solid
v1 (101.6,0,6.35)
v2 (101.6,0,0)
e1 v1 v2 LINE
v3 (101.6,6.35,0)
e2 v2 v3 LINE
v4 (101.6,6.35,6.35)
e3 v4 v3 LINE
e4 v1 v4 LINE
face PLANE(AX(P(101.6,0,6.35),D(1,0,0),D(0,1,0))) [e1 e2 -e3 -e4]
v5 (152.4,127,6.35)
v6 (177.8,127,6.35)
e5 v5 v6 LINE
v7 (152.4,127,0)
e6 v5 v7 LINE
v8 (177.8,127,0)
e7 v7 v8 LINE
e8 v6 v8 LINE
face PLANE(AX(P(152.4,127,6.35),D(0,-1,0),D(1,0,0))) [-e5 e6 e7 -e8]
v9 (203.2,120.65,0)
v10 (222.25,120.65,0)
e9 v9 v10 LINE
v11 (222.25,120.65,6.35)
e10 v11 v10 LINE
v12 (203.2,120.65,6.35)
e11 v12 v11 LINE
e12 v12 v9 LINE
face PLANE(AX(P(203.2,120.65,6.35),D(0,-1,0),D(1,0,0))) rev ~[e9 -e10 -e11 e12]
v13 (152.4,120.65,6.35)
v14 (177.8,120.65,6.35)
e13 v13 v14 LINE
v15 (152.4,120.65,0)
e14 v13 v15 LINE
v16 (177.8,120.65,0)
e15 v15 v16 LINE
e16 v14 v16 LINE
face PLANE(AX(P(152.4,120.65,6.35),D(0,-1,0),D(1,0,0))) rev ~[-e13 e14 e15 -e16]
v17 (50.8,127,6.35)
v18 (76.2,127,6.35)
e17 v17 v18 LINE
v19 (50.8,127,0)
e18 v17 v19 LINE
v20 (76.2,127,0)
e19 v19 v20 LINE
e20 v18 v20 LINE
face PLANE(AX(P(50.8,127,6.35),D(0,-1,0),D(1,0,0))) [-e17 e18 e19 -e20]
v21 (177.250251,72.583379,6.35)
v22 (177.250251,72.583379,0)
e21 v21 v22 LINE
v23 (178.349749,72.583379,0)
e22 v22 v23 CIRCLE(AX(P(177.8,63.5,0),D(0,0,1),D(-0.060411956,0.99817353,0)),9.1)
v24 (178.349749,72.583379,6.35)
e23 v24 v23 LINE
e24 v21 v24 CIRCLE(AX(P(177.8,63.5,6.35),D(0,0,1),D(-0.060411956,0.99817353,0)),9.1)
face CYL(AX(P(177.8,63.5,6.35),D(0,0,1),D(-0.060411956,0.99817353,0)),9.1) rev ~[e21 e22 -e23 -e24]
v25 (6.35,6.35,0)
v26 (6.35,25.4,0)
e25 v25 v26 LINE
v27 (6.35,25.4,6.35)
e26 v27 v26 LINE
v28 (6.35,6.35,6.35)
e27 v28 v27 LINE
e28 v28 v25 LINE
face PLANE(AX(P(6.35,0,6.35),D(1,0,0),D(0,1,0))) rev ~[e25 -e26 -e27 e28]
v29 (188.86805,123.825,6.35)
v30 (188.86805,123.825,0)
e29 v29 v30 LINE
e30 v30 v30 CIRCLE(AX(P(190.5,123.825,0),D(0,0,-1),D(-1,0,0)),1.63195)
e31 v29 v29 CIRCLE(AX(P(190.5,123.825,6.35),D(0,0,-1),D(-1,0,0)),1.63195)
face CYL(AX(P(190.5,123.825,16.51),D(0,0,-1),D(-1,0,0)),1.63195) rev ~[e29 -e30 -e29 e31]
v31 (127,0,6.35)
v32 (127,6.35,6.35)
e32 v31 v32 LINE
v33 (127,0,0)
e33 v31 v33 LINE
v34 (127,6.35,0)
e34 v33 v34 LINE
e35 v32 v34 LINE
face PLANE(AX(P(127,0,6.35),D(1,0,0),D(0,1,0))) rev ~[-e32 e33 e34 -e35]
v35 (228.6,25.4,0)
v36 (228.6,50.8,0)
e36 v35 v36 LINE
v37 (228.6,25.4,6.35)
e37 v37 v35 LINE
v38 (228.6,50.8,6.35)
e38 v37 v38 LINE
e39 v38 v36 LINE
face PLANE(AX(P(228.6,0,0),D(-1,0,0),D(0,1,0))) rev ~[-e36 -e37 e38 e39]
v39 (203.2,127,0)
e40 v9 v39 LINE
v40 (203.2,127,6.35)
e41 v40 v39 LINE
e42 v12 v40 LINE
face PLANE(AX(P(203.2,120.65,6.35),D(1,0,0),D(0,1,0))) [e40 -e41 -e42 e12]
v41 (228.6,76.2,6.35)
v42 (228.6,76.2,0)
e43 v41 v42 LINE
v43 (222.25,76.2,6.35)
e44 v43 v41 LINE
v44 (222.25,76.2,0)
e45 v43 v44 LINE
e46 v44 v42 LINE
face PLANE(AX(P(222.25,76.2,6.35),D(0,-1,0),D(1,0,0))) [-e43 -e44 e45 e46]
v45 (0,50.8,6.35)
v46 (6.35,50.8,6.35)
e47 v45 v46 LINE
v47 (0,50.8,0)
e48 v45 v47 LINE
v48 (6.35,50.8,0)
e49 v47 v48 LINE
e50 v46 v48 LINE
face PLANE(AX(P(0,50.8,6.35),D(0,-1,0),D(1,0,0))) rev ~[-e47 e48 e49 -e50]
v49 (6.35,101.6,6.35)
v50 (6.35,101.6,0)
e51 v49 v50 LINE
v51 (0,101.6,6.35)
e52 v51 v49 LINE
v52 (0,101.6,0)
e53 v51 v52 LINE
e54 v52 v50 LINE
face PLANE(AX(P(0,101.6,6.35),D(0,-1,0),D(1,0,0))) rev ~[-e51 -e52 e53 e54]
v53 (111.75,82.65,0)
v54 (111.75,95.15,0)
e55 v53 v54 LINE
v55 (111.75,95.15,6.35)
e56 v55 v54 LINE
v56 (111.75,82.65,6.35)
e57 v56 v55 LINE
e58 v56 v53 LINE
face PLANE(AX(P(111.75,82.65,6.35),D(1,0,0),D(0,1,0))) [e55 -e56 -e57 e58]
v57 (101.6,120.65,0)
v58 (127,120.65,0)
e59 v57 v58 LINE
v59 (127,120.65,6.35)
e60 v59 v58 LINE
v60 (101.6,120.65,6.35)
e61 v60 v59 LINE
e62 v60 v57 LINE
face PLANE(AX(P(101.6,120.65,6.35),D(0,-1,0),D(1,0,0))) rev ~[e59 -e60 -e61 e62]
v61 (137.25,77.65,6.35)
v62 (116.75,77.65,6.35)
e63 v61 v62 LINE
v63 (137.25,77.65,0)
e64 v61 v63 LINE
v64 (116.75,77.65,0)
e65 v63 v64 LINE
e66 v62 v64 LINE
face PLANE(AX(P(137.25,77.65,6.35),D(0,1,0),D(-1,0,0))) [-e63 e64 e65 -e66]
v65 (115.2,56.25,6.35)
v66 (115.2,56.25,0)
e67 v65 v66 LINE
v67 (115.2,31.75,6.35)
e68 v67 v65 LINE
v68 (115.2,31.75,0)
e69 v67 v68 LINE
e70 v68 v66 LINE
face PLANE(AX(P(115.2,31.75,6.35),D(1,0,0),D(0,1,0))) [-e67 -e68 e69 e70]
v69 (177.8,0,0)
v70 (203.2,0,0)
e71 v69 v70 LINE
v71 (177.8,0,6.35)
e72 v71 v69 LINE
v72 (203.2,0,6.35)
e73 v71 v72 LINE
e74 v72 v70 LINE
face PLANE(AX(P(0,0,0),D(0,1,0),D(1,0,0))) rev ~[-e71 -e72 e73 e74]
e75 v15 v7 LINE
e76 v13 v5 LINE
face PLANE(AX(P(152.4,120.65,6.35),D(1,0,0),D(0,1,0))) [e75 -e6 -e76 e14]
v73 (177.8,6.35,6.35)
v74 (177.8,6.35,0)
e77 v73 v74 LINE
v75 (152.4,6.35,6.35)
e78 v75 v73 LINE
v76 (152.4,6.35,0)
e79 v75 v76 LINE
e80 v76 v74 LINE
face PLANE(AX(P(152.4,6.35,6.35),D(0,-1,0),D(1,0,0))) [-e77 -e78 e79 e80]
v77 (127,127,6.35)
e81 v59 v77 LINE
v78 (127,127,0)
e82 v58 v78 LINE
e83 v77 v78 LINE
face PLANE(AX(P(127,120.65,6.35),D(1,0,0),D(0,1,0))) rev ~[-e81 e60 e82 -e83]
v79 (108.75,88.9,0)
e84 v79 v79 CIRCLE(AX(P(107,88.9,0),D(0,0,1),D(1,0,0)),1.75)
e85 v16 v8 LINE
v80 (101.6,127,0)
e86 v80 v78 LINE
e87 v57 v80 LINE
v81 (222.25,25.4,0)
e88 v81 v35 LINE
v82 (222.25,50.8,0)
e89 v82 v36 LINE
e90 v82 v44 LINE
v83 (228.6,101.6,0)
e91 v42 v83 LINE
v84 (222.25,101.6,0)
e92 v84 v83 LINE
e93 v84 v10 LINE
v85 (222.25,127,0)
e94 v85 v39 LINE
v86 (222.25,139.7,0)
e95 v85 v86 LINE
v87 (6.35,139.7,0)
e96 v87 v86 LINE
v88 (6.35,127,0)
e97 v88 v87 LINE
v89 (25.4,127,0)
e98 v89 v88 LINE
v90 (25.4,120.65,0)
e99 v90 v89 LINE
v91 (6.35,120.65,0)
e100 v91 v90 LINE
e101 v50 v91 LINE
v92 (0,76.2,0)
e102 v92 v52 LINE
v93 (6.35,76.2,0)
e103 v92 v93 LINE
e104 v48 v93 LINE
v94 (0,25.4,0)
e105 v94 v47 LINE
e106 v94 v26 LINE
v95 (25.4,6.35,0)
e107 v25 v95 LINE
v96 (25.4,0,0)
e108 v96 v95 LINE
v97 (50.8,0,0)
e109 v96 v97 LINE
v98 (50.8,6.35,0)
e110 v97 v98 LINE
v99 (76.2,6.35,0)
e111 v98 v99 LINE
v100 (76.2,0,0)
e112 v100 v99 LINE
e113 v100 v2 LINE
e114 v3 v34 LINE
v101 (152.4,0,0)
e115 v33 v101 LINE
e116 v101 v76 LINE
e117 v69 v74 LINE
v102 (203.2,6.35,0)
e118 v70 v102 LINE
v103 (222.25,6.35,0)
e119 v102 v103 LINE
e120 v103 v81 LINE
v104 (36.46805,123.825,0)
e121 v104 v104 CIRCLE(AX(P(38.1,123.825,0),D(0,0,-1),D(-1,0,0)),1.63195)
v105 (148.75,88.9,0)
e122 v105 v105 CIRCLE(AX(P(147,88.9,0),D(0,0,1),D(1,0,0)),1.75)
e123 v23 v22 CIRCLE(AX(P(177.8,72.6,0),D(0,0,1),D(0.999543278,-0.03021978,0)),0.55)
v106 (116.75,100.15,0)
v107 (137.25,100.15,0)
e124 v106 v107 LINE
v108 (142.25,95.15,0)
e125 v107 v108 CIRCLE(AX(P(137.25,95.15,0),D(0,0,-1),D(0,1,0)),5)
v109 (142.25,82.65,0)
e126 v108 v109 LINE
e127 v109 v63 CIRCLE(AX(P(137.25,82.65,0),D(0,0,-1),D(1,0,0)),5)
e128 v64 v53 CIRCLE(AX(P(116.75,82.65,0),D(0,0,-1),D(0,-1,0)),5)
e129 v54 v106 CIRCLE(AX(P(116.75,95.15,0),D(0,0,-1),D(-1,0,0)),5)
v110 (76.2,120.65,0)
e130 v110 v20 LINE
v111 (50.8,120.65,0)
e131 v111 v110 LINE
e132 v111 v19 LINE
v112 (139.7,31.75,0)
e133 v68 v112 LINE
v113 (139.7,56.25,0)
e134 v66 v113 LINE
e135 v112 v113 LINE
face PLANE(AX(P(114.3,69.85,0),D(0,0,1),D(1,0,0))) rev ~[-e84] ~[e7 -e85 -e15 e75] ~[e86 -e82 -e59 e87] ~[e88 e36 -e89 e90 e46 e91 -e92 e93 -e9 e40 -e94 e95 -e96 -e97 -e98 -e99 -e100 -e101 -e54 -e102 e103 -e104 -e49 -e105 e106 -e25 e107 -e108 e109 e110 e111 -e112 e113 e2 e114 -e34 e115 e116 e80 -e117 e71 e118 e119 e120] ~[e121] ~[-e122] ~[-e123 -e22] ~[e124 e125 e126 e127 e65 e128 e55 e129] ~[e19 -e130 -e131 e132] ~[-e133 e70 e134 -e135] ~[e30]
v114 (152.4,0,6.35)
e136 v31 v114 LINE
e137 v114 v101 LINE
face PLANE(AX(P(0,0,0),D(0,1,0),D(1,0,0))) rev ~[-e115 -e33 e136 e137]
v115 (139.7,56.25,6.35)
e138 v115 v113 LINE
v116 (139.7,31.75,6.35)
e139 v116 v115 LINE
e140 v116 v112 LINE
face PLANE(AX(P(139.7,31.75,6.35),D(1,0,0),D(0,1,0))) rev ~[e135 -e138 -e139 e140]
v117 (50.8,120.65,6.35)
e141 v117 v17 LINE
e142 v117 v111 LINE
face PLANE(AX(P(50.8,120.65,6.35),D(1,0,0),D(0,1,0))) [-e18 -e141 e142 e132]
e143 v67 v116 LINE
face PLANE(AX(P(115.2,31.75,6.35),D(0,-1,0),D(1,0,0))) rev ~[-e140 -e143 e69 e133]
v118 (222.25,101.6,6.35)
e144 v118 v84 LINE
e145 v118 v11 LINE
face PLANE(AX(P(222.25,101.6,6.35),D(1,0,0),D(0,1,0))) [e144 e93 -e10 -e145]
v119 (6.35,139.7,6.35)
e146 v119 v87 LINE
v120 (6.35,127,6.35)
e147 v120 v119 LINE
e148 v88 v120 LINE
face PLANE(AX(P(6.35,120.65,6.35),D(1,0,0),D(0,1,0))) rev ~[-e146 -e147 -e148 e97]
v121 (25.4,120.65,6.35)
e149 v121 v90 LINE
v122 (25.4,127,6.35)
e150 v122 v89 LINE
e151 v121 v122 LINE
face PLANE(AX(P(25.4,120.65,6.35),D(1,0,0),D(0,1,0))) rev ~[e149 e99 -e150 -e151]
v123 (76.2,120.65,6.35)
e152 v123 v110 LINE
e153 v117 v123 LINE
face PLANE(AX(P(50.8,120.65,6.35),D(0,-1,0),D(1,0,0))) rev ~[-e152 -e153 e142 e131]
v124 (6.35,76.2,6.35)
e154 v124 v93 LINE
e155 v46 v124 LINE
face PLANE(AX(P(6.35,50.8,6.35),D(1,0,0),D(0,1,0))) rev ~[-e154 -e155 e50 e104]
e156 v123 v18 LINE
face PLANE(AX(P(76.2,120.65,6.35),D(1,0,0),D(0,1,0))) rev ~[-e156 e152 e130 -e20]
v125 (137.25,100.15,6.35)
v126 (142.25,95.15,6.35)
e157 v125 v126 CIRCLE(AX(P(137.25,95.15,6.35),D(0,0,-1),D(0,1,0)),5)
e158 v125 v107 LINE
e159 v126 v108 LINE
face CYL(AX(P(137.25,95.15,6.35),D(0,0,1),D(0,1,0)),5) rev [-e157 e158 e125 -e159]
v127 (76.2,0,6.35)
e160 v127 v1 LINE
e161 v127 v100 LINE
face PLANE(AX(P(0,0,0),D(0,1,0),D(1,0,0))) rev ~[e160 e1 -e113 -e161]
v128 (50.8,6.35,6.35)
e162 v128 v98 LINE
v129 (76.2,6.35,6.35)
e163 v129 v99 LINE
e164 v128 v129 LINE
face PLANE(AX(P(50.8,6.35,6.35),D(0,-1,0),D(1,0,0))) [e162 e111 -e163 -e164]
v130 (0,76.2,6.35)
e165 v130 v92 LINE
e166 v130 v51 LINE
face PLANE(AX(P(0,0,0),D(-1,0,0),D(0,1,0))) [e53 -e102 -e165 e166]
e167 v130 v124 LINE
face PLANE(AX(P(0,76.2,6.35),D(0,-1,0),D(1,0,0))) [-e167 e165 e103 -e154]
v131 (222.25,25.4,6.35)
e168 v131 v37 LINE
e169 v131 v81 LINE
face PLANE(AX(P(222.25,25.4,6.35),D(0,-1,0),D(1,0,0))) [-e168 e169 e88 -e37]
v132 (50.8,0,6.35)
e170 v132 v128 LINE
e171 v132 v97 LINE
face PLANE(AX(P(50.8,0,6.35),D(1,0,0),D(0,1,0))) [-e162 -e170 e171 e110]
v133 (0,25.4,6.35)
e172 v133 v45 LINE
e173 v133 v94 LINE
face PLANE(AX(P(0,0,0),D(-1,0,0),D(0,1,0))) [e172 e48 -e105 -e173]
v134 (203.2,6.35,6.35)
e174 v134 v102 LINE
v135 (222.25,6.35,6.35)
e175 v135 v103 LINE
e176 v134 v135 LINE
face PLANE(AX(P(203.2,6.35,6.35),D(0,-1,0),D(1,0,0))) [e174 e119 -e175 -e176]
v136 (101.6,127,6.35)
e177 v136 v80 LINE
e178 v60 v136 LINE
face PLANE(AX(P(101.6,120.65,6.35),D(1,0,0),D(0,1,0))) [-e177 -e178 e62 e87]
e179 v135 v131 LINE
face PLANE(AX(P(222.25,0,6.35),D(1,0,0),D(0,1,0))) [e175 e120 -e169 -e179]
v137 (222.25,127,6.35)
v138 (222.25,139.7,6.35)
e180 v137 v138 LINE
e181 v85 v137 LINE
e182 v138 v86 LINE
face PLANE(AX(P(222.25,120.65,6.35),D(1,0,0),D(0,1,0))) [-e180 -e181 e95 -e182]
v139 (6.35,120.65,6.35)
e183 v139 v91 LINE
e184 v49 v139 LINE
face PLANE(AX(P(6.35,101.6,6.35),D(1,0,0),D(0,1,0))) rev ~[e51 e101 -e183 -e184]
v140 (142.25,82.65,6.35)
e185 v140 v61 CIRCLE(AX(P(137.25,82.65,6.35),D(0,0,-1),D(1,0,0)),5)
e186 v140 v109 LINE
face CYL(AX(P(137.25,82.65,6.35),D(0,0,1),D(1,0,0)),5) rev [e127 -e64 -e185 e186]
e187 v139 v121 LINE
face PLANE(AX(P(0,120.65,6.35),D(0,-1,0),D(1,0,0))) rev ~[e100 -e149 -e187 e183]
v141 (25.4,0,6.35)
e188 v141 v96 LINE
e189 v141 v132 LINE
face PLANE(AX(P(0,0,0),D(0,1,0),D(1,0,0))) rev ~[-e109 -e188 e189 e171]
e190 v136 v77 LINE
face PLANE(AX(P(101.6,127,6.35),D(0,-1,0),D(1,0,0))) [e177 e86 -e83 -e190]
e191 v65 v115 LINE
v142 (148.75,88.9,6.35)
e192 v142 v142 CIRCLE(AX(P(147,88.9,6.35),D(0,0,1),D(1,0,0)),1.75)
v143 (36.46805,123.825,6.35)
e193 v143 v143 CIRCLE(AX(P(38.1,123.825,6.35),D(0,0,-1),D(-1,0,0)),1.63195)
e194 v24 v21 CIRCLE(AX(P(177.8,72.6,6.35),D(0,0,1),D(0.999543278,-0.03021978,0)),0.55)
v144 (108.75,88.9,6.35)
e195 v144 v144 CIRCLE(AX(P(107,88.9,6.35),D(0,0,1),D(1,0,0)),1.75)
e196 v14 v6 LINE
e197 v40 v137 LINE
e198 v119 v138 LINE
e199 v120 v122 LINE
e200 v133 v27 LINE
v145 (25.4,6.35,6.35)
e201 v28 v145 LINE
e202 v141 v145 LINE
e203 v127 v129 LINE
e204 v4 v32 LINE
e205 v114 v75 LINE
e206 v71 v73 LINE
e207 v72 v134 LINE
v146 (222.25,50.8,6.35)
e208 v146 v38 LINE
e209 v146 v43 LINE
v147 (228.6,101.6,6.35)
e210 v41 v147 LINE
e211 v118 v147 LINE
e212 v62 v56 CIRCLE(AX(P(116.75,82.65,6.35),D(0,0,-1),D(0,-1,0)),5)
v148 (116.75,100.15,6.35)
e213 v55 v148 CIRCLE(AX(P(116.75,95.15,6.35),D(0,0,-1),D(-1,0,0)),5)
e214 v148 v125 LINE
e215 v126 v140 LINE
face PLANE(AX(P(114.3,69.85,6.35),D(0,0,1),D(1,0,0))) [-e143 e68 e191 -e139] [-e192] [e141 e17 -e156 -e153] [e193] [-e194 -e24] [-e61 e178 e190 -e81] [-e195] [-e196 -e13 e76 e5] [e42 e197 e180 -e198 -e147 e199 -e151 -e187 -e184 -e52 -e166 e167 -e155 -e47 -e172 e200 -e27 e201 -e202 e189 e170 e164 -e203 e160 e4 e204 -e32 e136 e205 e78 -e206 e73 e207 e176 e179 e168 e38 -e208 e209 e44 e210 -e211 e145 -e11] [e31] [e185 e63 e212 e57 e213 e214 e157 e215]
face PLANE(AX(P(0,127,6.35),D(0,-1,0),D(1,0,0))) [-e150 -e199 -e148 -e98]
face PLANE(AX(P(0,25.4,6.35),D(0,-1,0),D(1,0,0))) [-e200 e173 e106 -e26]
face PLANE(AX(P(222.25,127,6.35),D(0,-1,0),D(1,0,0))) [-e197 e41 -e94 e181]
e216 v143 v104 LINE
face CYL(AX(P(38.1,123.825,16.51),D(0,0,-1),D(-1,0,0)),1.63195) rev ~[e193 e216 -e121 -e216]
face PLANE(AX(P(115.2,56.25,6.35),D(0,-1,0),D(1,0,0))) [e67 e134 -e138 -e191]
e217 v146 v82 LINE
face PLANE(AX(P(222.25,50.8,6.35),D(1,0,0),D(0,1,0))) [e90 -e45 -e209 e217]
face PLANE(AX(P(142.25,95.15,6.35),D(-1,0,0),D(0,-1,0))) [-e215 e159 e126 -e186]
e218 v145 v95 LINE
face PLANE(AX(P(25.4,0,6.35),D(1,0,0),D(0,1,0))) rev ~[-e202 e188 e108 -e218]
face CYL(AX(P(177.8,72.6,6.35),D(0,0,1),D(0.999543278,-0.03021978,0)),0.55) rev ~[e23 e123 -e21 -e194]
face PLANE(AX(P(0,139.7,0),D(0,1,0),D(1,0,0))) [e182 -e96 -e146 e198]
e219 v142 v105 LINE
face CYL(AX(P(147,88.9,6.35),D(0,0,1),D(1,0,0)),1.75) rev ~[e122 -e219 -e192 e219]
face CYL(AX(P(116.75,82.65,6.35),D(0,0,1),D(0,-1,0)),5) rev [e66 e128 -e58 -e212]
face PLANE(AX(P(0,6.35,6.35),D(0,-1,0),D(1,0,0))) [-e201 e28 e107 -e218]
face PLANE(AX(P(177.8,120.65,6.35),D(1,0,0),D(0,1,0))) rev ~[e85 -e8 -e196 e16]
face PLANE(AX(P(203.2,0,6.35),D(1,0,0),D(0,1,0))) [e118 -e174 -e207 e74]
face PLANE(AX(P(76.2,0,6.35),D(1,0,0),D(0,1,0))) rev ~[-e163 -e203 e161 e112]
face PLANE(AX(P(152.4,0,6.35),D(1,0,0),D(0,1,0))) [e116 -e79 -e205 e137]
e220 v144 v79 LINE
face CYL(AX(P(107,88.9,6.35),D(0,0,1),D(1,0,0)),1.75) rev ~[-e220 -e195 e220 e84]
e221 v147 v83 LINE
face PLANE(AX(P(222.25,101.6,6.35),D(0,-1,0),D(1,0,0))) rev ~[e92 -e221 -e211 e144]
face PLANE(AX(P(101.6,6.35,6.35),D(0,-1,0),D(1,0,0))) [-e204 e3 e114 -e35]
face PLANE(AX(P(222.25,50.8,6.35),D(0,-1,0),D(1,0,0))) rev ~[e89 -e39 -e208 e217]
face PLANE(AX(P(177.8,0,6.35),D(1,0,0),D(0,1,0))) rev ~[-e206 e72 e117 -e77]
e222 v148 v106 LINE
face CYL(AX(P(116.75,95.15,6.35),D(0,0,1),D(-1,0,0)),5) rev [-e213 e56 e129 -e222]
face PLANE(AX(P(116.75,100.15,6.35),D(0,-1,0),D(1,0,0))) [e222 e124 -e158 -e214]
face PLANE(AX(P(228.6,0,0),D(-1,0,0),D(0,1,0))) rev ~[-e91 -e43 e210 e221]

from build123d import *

# Parameters (mm, degrees)
SKETCH1_W                 = 228.6
SKETCH1_H                 = 139.7
BOSS_EXTRUDE1_DEPTH       = 6.35
SKETCH5_W                 = 6.35
SKETCH5_H                 = 25.4
CUT_EXTRUDE4_DEPTH        = 6.35
SKETCH6_W                 = 25.4
SKETCH6_H                 = 6.35
CUT_EXTRUDE5_DEPTH        = 6.35
LPATTERN5_COUNT           = 3
LPATTERN5_PITCH           = 50.8
LPATTERN5_COUNT_DIR2      = 2
LPATTERN5_PITCH_DIR2      = 222.25
LPATTERN6_COUNT           = 5
LPATTERN6_PITCH           = 50.8
LPATTERN6_COUNT_DIR2      = 2
LPATTERN6_PITCH_DIR2      = 120.65
SKETCH7_W                 = 6.35
SKETCH7_H                 = 19.05
CUT_EXTRUDE6_DEPTH        = 6.35
SKETCH8_W                 = 6.35
SKETCH8_H                 = 19.05
CUT_EXTRUDE7_DEPTH        = 6.35
F_4_CLEARANCE_HOLE1_D     = 3.2639
F_4_CLEARANCE_HOLE1_DEPTH = 10.16
F_4_CLEARANCE_HOLE1_TIP   = 0.980574487
SKETCH11_R                = 0.55
SKETCH11_R_2              = 9.1
CUT_EXTRUDE8_DEPTH        = 6.35
SKETCH12_R                = 1.75
CUT_EXTRUDE9_DEPTH        = 6.35
SKETCH13_W                = 24.5
SKETCH13_H                = 24.5
CUT_EXTRUDE10_DEPTH       = 6.35


with BuildPart() as part:
    # Sketch1 → Boss-Extrude1 (new body)
    with BuildSketch(Plane.XY):
        with Locations((114.3, 69.85)):
            Rectangle(SKETCH1_W, SKETCH1_H)
    extrude(amount=BOSS_EXTRUDE1_DEPTH)

    # Sketch5 → Cut-Extrude4 (cut)
    with BuildSketch(Plane.XY.offset(6.35)):
        with Locations((3.175, 12.7)):
            Rectangle(SKETCH5_W, SKETCH5_H)
    cut_extrude4 = extrude(amount=-CUT_EXTRUDE4_DEPTH, mode=Mode.SUBTRACT)

    # Sketch6 → Cut-Extrude5 (cut)
    with BuildSketch(Plane.XY.offset(6.35)):
        with Locations((12.7, 3.175)):
            Rectangle(SKETCH6_W, SKETCH6_H)
    cut_extrude5 = extrude(amount=-CUT_EXTRUDE5_DEPTH, mode=Mode.SUBTRACT)

    # LPattern5: Cut-Extrude4 3 × 2
    with Locations(*[(j * LPATTERN5_PITCH_DIR2, i * LPATTERN5_PITCH, 0) for i in range(LPATTERN5_COUNT) for j in range(LPATTERN5_COUNT_DIR2) if (i, j) != (0, 0)]):
        add(cut_extrude4, mode=Mode.SUBTRACT)

    # LPattern6: Cut-Extrude5 5 × 2
    with Locations(*[(i * LPATTERN6_PITCH, j * LPATTERN6_PITCH_DIR2, 0) for i in range(LPATTERN6_COUNT) for j in range(LPATTERN6_COUNT_DIR2) if (i, j) != (0, 0)]):
        add(cut_extrude5, mode=Mode.SUBTRACT)

    # Sketch7 → Cut-Extrude6 (cut)
    with BuildSketch(Plane.XY.offset(6.35)):
        with Locations((3.175, 130.175)):
            Rectangle(SKETCH7_W, SKETCH7_H)
    extrude(amount=-CUT_EXTRUDE6_DEPTH, mode=Mode.SUBTRACT)

    # Sketch8 → Cut-Extrude7 (cut)
    with BuildSketch(Plane.XY.offset(6.35)):
        with Locations((225.425, 130.175)):
            Rectangle(SKETCH8_W, SKETCH8_H)
    extrude(amount=-CUT_EXTRUDE7_DEPTH, mode=Mode.SUBTRACT)

    # #4 Clearance Hole1
    with Locations(Plane.XY.offset(6.35)):
        with Locations((38.1, 123.825), (190.5, 123.825)):
            Hole(F_4_CLEARANCE_HOLE1_D / 2, depth=F_4_CLEARANCE_HOLE1_DEPTH)
            with Locations((0, 0, -(F_4_CLEARANCE_HOLE1_DEPTH + F_4_CLEARANCE_HOLE1_TIP / 2))):  # 118° drill point
                Cone(0, F_4_CLEARANCE_HOLE1_D / 2, F_4_CLEARANCE_HOLE1_TIP, mode=Mode.SUBTRACT)

    # Sketch11 → Cut-Extrude8 (cut)
    with BuildSketch(Plane.XY.offset(6.35)):
        with Locations((177.8, 72.6)):
            Circle(SKETCH11_R)
        with Locations((177.8, 63.5)):
            Circle(SKETCH11_R_2)
    extrude(amount=-CUT_EXTRUDE8_DEPTH, mode=Mode.SUBTRACT)

    # Sketch12 → Cut-Extrude9 (cut)
    with BuildSketch(Plane.XY.offset(6.35)):
        with Locations((107, 88.9)):
            Circle(SKETCH12_R)
        with Locations((147, 88.9)):
            Circle(SKETCH12_R)
        with BuildLine():
            Line((116.75, 100.15), (137.25, 100.15))
            ThreePointArc((137.25, 100.15), (140.785533906, 98.685533906), (142.25, 95.15))
            Line((142.25, 95.15), (142.25, 82.65))
            ThreePointArc((142.25, 82.65), (140.785533906, 79.114466094), (137.25, 77.65))
            Line((137.25, 77.65), (116.75, 77.65))
            ThreePointArc((116.75, 77.65), (113.214466094, 79.114466094), (111.75, 82.65))
            Line((111.75, 82.65), (111.75, 95.15))
            ThreePointArc((111.75, 95.15), (113.214466094, 98.685533906), (116.75, 100.15))
        make_face()
    extrude(amount=-CUT_EXTRUDE9_DEPTH, mode=Mode.SUBTRACT)

    # Sketch13 → Cut-Extrude10 (cut)
    with BuildSketch(Plane.XY.offset(6.35)):
        with Locations((127.45, 44)):
            Rectangle(SKETCH13_W, SKETCH13_H)
    extrude(amount=-CUT_EXTRUDE10_DEPTH, mode=Mode.SUBTRACT)


solid = part.part
